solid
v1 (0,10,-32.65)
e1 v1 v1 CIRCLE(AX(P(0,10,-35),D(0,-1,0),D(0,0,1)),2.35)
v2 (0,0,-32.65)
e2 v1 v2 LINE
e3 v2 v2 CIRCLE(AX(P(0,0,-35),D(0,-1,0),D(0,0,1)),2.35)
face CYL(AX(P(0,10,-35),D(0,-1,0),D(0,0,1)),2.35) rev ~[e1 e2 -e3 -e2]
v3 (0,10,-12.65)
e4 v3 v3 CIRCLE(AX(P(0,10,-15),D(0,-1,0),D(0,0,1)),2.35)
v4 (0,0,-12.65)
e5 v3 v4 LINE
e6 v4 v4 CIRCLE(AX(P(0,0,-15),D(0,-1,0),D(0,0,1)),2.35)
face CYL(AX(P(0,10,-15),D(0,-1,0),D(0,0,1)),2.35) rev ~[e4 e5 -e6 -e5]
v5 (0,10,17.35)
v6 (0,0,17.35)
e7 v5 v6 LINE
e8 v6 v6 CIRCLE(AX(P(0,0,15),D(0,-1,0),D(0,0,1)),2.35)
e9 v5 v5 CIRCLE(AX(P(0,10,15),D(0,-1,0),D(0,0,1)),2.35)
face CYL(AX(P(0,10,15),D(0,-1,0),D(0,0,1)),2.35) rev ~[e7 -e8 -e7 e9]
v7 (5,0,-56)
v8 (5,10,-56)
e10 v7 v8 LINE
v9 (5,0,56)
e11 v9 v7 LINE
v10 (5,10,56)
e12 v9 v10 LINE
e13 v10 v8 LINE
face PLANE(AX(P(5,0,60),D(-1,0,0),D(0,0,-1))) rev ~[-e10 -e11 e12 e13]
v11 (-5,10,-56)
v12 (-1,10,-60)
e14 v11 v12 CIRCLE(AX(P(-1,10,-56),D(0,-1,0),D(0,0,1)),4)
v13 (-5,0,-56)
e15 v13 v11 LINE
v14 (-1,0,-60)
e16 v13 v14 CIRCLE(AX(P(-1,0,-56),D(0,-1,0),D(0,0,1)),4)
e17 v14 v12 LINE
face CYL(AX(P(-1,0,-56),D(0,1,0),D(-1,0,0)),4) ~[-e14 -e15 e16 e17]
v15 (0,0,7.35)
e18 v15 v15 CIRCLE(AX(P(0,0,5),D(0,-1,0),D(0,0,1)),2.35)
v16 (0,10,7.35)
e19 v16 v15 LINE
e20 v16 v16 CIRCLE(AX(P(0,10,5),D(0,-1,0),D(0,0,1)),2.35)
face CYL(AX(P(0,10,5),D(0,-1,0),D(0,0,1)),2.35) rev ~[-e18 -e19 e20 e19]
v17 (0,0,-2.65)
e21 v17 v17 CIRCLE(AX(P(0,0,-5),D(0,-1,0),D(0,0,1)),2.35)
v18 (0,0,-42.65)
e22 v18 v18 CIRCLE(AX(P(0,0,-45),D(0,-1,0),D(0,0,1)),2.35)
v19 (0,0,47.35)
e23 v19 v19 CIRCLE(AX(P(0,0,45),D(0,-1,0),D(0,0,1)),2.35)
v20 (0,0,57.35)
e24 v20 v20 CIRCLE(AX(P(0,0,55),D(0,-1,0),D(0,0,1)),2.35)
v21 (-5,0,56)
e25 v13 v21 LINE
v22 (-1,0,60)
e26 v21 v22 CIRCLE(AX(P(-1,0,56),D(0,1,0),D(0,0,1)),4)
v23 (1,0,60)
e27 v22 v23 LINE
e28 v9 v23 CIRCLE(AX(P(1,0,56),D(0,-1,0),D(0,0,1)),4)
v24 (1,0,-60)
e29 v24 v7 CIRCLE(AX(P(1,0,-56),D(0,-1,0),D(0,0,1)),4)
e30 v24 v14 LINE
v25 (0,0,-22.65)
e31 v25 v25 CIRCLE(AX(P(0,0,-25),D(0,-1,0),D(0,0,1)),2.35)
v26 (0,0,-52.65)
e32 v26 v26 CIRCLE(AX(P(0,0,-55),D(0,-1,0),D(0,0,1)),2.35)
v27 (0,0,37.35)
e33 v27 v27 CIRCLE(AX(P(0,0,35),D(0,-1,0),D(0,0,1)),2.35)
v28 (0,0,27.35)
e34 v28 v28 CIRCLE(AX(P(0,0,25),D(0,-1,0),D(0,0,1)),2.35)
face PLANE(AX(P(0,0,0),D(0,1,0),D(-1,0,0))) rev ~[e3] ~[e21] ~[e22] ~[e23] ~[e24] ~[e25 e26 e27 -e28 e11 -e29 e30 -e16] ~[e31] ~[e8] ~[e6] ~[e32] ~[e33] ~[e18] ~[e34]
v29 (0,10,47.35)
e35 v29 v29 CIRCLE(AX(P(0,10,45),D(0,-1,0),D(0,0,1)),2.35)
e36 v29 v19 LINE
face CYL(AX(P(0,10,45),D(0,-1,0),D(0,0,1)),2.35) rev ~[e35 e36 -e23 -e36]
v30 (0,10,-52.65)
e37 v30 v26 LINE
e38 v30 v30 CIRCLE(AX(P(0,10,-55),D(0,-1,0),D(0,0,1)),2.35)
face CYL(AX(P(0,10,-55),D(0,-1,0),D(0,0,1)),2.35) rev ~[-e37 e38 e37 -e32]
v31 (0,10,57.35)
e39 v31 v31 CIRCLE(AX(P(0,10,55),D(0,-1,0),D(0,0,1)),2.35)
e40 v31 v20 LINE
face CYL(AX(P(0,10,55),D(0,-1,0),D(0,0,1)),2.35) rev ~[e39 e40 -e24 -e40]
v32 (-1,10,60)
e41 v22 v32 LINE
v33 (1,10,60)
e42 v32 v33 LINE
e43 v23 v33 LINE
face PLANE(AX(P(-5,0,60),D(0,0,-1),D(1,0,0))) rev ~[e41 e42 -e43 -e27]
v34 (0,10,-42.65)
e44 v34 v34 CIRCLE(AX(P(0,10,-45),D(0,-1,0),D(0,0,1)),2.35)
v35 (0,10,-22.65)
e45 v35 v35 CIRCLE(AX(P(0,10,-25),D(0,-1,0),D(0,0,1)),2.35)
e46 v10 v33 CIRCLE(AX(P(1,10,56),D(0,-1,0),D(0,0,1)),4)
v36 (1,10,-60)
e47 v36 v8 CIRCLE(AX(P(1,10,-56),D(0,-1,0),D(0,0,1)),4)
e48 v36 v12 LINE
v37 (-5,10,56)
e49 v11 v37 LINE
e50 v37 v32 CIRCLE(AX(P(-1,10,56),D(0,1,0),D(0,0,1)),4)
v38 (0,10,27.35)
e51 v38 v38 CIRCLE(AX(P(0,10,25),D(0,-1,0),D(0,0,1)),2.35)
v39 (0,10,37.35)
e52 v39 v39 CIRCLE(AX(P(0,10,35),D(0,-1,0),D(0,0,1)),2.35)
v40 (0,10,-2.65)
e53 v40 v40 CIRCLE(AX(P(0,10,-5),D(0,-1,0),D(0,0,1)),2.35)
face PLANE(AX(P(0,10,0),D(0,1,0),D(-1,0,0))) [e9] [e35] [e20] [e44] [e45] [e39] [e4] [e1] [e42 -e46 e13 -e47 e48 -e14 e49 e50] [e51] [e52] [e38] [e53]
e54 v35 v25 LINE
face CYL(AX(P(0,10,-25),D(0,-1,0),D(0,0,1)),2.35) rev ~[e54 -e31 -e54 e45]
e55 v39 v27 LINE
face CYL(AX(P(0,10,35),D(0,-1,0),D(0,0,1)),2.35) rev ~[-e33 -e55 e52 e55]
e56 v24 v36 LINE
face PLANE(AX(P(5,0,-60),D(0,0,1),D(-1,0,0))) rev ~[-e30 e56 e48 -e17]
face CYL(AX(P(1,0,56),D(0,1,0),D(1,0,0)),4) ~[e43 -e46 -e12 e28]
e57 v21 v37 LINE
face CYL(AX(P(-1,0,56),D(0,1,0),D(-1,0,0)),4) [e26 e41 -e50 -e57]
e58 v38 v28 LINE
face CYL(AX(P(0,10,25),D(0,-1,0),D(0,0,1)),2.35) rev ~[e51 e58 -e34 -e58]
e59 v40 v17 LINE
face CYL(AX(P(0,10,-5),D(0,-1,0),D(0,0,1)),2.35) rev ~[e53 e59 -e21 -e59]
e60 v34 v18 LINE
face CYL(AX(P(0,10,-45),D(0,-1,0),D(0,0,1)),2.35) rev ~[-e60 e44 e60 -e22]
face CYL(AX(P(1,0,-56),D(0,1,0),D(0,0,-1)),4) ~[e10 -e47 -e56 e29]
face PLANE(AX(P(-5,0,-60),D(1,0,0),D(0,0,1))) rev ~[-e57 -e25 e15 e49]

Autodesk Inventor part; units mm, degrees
ref_plane "YZ Plane" through (0, 0, 0) normal (1, 0, 0) x (0, 1, 0)
ref_plane "XZ Plane" through (0, 0, 0) normal (0, 1, 0) x (-1, 0, 0)
ref_plane "XY Plane" through (0, 0, 0) normal (0, 0, 1) x (1, 0, 0)
sketch "Sketch1" plane through (0, 0, 0) normal (0, 1, 0) x (-1, 0, 0)
  line L0 (5, 60) -> (-5, 60)
  line L1 (-5, 60) -> (-5, -60)
  line L2 (-5, -60) -> (5, -60)
  line L3 (5, -60) -> (5, 60)
  line L4 (5, 60) -> (-5, -60) construction
  line L5 (-5, 60) -> (5, -60) construction
  point P0 (0, 0)
  dimension "d0" = 10
  dimension "d1" = 120
extrude "Extrusion1" add sketch "Sketch1" along normal blind 10
fillet "Fillet1" radius 4 4 edges at (5, 5, 60) (-5, 5, 60) (-5, 5, -60) (5, 5, -60)
sketch "Sketch2" plane through (0, 10, 0) normal (0, 1, 0) x (1, 0, 0)
  line L0 (1, 60) -> (-1, 60) projected
  line L1 (0, 60) -> (0, -50)
  line L2 (-1, 60) -> (-1, 55)
  arc A0 (-1, 60) -> (-5, 56) centre (-1, 56) ccw projected
  line L3 (-1, 55) -> (0, 55)
  point P0 (0, 0)
  dimension "d5" = 110
  dimension "d6" = 5
hole "Hole1" at (0, 10, -55) direction (0, -1, 0) diameter 4.7 depth 12
pattern_linear "Rectangular Pattern1" count 12 spacing 10 along (0, 0, 1) of "Hole1"
properties part number "soporte de direccion"
